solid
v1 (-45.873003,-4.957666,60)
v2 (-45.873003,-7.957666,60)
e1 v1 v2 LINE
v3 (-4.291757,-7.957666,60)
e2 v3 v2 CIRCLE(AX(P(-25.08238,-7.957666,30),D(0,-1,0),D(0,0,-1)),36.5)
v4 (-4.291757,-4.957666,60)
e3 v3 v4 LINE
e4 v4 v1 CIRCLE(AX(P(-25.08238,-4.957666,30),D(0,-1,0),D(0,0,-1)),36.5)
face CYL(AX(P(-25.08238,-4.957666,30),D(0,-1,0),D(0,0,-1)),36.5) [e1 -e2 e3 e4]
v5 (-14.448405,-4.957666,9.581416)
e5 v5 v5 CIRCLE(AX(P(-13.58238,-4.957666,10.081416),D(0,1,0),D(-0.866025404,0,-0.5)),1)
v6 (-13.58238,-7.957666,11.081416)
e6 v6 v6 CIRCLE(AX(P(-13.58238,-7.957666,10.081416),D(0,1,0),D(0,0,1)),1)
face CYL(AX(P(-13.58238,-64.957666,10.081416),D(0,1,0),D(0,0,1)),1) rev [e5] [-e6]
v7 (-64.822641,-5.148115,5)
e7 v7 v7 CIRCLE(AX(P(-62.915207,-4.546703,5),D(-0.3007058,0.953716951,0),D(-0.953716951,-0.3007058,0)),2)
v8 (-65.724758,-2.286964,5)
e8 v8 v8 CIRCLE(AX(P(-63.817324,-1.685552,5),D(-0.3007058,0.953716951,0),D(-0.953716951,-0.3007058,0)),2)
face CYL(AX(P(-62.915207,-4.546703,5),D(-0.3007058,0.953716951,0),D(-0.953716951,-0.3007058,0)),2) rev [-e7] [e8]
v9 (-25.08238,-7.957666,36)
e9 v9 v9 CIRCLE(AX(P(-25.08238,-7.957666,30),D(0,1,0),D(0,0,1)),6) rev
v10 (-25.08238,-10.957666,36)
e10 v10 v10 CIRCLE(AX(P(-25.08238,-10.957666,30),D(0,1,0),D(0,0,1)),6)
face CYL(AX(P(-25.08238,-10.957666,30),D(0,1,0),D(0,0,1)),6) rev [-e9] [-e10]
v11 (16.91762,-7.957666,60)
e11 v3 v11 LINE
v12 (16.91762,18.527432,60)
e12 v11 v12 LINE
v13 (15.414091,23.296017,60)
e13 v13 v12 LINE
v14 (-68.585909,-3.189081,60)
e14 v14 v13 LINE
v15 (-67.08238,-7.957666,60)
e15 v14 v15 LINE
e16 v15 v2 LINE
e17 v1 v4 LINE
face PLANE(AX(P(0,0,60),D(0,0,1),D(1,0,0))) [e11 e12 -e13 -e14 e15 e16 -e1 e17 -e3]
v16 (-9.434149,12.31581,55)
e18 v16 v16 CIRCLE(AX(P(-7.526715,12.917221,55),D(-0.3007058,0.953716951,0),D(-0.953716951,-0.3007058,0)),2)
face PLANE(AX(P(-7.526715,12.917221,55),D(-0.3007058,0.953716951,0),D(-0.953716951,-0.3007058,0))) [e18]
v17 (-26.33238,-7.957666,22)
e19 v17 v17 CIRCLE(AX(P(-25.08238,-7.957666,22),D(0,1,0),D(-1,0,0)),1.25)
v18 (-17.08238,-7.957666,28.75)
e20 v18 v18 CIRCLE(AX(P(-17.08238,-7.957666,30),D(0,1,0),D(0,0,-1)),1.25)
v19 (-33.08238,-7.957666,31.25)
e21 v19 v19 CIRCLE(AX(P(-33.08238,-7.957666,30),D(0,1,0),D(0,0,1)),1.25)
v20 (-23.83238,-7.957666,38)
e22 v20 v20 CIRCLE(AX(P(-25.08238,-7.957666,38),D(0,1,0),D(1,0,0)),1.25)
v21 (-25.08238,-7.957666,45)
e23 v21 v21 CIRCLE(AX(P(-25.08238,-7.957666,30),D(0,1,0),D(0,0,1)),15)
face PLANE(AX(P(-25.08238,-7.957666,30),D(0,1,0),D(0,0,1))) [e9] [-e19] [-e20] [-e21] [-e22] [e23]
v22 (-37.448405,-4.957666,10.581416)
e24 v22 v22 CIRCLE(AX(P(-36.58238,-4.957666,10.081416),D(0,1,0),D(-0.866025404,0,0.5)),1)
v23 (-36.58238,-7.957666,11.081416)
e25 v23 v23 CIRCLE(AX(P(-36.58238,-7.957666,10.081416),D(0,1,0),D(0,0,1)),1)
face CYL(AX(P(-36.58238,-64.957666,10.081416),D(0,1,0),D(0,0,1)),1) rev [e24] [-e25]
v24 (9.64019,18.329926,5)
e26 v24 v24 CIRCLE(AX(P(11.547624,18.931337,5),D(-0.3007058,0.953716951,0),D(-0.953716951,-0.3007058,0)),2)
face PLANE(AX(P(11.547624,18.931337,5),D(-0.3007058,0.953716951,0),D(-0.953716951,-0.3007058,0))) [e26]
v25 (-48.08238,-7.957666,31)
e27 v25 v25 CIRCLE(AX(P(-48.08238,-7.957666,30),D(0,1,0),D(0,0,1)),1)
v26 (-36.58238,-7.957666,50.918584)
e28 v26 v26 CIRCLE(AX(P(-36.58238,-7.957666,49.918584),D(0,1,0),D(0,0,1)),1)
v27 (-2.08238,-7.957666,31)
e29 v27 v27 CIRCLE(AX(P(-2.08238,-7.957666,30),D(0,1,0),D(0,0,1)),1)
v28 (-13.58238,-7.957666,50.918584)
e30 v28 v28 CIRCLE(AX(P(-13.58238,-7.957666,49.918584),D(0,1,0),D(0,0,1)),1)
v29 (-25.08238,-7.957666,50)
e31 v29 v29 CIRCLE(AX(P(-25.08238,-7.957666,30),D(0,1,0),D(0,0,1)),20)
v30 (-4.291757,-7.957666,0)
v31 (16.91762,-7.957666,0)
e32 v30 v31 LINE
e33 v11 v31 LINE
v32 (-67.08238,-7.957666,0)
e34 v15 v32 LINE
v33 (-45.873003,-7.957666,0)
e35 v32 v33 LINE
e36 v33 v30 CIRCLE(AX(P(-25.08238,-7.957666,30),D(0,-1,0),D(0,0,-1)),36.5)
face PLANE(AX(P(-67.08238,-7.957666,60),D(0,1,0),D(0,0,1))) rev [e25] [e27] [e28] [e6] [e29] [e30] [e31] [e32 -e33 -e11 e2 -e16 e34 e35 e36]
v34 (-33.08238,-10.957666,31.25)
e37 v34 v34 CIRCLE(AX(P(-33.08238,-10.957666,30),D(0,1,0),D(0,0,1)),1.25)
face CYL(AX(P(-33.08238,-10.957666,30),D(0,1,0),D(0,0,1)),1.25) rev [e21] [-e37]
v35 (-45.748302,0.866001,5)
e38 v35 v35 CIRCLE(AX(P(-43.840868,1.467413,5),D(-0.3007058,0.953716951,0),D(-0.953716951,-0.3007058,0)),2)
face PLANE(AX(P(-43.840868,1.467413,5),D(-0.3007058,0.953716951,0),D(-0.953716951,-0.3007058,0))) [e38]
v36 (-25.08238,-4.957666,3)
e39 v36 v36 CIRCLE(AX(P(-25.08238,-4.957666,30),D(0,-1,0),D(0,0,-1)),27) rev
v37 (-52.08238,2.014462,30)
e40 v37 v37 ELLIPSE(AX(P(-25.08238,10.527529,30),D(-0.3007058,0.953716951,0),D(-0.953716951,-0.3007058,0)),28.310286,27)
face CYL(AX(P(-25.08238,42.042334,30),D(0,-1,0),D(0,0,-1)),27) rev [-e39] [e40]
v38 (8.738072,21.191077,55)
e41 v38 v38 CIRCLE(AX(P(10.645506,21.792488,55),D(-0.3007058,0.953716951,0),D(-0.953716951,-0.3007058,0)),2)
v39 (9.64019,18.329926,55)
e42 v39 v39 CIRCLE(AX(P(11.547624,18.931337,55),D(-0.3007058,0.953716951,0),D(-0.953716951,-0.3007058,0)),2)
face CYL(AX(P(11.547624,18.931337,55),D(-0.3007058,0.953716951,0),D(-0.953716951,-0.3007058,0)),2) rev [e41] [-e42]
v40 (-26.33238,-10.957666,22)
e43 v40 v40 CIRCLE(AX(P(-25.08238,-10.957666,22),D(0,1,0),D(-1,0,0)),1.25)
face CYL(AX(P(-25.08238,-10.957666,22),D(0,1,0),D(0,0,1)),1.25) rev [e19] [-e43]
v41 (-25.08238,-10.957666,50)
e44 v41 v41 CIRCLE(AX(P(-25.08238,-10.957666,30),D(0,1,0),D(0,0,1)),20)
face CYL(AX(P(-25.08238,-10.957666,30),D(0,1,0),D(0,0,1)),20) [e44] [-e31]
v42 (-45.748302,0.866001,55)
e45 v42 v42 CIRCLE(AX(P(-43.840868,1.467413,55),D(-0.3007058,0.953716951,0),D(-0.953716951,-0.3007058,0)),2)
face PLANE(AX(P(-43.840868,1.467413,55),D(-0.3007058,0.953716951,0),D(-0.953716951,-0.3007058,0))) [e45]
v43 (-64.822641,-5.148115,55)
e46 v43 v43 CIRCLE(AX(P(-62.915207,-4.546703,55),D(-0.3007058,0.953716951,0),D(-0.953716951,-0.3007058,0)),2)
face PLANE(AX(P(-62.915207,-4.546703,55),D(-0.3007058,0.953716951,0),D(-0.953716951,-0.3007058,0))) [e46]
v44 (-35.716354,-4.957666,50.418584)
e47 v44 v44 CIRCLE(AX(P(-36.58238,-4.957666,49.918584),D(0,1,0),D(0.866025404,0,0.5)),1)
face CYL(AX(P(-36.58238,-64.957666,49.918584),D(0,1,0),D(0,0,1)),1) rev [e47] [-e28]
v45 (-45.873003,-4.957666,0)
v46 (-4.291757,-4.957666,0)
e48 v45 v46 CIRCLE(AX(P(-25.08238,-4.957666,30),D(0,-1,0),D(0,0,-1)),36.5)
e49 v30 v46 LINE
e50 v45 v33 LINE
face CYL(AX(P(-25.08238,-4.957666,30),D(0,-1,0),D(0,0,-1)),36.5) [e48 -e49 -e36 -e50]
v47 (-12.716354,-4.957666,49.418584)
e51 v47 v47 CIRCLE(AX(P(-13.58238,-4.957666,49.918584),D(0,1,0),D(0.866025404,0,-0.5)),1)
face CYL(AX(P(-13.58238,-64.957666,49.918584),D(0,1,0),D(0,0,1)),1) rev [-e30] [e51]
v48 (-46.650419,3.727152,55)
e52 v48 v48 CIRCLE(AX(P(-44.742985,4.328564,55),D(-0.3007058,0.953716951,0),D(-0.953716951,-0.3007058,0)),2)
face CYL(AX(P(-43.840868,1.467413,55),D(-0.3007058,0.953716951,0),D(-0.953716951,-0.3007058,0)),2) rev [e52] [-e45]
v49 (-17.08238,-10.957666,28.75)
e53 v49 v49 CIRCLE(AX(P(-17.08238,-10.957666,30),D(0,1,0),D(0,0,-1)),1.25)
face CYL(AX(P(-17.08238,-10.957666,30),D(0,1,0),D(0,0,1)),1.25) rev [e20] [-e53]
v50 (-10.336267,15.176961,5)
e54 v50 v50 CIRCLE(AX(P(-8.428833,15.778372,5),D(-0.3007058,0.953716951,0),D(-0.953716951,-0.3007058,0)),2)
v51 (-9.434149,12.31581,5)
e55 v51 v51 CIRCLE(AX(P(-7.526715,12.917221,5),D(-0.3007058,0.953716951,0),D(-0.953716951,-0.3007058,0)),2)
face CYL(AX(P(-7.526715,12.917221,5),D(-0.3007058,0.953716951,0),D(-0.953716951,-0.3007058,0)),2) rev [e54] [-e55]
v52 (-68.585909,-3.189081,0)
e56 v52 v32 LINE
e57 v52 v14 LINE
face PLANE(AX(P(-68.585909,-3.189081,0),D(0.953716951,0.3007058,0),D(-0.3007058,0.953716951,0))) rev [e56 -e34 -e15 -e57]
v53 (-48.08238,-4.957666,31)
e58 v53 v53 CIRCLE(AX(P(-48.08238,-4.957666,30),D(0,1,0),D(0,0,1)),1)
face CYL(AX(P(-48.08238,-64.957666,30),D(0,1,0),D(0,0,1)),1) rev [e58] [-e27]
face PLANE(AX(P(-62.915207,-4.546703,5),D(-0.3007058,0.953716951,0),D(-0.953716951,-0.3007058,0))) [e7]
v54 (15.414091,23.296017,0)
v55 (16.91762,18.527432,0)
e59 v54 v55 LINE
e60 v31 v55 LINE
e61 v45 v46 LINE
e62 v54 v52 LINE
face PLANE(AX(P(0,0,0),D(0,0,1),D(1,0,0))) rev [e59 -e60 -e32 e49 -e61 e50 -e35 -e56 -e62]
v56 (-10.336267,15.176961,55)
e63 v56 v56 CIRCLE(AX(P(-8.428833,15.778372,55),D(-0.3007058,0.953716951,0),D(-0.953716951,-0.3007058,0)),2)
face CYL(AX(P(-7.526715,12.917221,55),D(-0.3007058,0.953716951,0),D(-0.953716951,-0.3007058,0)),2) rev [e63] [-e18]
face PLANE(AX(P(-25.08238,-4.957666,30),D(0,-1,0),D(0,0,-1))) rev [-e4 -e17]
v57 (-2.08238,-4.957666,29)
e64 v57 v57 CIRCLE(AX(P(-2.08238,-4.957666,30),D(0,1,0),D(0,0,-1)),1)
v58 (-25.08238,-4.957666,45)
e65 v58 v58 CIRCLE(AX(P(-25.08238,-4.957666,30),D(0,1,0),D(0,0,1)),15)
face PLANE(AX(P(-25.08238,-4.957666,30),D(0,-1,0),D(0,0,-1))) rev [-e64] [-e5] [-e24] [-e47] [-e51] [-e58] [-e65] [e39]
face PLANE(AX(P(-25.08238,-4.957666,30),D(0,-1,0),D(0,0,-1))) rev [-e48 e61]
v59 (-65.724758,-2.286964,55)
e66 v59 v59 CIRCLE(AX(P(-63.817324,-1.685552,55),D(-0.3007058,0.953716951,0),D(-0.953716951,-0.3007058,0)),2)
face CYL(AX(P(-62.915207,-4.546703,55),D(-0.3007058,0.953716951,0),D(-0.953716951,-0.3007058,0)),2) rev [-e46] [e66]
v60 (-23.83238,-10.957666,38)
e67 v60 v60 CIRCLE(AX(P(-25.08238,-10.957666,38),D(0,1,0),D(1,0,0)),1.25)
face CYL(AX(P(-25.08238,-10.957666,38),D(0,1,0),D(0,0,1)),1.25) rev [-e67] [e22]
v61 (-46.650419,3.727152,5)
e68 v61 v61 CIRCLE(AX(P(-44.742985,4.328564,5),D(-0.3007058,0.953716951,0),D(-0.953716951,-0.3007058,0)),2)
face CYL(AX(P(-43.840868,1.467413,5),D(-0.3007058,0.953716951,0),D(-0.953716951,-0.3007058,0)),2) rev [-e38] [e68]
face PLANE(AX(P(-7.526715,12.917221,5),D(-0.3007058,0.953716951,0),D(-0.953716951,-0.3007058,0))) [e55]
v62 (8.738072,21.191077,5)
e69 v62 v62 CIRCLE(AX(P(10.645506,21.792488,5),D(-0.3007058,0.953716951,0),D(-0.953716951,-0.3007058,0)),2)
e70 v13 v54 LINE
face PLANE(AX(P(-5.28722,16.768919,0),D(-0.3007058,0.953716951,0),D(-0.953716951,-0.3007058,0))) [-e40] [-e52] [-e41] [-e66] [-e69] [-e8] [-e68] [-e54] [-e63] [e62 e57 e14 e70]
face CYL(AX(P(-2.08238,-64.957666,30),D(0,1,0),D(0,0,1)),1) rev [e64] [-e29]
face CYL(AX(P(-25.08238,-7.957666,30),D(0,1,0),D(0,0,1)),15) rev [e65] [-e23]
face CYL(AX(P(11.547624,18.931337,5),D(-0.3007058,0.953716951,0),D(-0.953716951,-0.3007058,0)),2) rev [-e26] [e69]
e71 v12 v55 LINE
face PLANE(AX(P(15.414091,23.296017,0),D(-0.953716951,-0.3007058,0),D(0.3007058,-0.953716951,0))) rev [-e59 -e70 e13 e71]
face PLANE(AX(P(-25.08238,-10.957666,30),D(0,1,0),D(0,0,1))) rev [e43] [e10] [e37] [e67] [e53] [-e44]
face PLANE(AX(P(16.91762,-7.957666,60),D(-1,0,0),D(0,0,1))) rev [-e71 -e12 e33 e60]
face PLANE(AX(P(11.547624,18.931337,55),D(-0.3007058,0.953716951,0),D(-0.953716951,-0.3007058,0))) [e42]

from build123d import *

# Parameters (mm, degrees)
EXTRUDE_1_DEPTH          = 60
SKETCH_2_W               = 88.076446511
SKETCH_2_H               = 60
EXTRUDE_2_DEPTH          = 5
SKETCH_3_R               = 27
CUT_EXTRUDE_1_DEPTH      = 50
SKETCH_4_R               = 36.5
EXTRUDE_3_DEPTH          = 3
SKETCH_13_R              = 20
CUT_EXTRUDE_3_DEPTH      = 60
SKETCH_14_R              = 1
CUT_EXTRUDE_4_DEPTH      = 60
PATTERN_CIRCULAR_1_COUNT = 6
SKETCH_16_R              = 2
CUT_EXTRUDE_5_DEPTH      = 3
PATTERN_LINEAR_1_COUNT   = 2
PATTERN_LINEAR_1_PITCH   = 20
SKETCH_17_R              = 2
CUT_EXTRUDE_6_DEPTH      = 3
PATTERN_LINEAR_2_COUNT   = 2
PATTERN_LINEAR_2_PITCH   = 20
SKETCH_18_R              = 20
EXTRUDE_4_DEPTH          = 6
SKETCH_19_R              = 6
CUT_EXTRUDE_7_DEPTH      = 6
SKETCH_20_R              = 15
CUT_EXTRUDE_8_DEPTH      = 3
SKETCH_21_R              = 1.25
CUT_EXTRUDE_9_DEPTH      = 3
PATTERN_CIRCULAR_2_COUNT = 4


with BuildPart() as part:
    # 草图1 → 凸台-拉伸1 (new body)
    with BuildSketch(Plane.XY):
        Polygon((-67.082379863, -7.957665904), (16.917620137, -7.957665904), (16.917620137, 18.527432362), align=None)
    extrude(amount=EXTRUDE_1_DEPTH)

    # 草图2 → 凸台-拉伸2 (add)
    with BuildSketch(Plane(origin=(-3.783690806, 12.000334093, 0), x_dir=(0.9537169507482267, 0.30070579950427384, 0), z_dir=(-0.30070579950427384, 0.9537169507482267, 0))):
        with Locations((-22.332295804, -30)):
            Rectangle(SKETCH_2_W, SKETCH_2_H)
    extrude(amount=EXTRUDE_2_DEPTH)

    # 草图3 → 切除-拉伸1 (cut)
    with BuildSketch(Plane(origin=(0, -7.957665904, 0), x_dir=(-1, 0, 0), z_dir=(0, -1, 0))):
        with Locations(Location((25.082379863, -30, 0), (0, 0, 90))):
            Circle(SKETCH_3_R)
    extrude(amount=-CUT_EXTRUDE_1_DEPTH, mode=Mode.SUBTRACT)

    # 草图4 → 凸台-拉伸3 (add)
    with BuildSketch(Plane(origin=(0, -7.957665904, 0), x_dir=(-1, 0, 0), z_dir=(0, -1, 0))):
        with Locations((25.082379863, -30)):
            Circle(SKETCH_4_R)
    extrude(amount=-EXTRUDE_3_DEPTH)

    # 草图13 → 切除-拉伸3 (cut)
    with BuildSketch(Plane(origin=(0, -4.957665904, 0), x_dir=(1, 0, 0), z_dir=(0, 1, 0))):
        with Locations(Location((-25.082379863, -30, 0), (0, 0, 270))):
            Circle(SKETCH_13_R)
    extrude(amount=-CUT_EXTRUDE_3_DEPTH, mode=Mode.SUBTRACT)

    # 草图14 → 切除-拉伸4 (cut)
    with BuildSketch(Plane(origin=(0, -4.957665904, 0), x_dir=(1, 0, 0), z_dir=(0, 1, 0))):
        with Locations(Location((-48.082379863, -30, 0), (0, 0, 270))):
            Circle(SKETCH_14_R)
    cut_extrude_4 = extrude(amount=-CUT_EXTRUDE_4_DEPTH, mode=Mode.SUBTRACT)

    # 阵列(圆周)1: 切除-拉伸4 ×6 about axis
    pattern_circular_1_axis = Axis((-25.082379863, 0, 30), (0, 1, 0))
    for i in range(1, PATTERN_CIRCULAR_1_COUNT):
        add(cut_extrude_4.rotate(pattern_circular_1_axis, i * 360 / PATTERN_CIRCULAR_1_COUNT), mode=Mode.SUBTRACT)

    # 草图16 → 切除-拉伸5 (cut)
    with BuildSketch(Plane(origin=(-5.287219803, 16.768918847, 0), x_dir=(0.9537169507482267, 0.3007057995042738, 0), z_dir=(-0.3007057995042738, 0.9537169507482267, 0))):
        with Locations(Location((-61.370519059, -5, 0), (0, 0, 180))):
            Circle(SKETCH_16_R)
        with Locations(Location((-61.370519059, -55, 0), (0, 0, 180))):
            Circle(SKETCH_16_R)
    cut_extrude_5 = extrude(amount=-CUT_EXTRUDE_5_DEPTH, mode=Mode.SUBTRACT)

    # 阵列(线性)1: 切除-拉伸5 ×2
    with Locations(*[Vector(0.9537169507482268, 0.3007057995042739, 0) * (i * PATTERN_LINEAR_1_PITCH) for i in range(1, PATTERN_LINEAR_1_COUNT)]):
        add(cut_extrude_5, mode=Mode.SUBTRACT)

    # 草图17 → 切除-拉伸6 (cut)
    with BuildSketch(Plane(origin=(-5.287219803, 16.768918847, 0), x_dir=(0.9537169507482267, 0.3007057995042738, 0), z_dir=(-0.3007057995042738, 0.9537169507482267, 0))):
        with Locations(Location((16.705927452, -55, 0), (0, 0, 180))):
            Circle(SKETCH_17_R)
        with Locations(Location((16.705927452, -5, 0), (0, 0, 180))):
            Circle(SKETCH_17_R)
    cut_extrude_6 = extrude(amount=-CUT_EXTRUDE_6_DEPTH, mode=Mode.SUBTRACT)

    # 阵列(线性)2: 切除-拉伸6 ×2
    with Locations(*[Vector(-0.9537169507482268, -0.30070579950427384, 0) * (i * PATTERN_LINEAR_2_PITCH) for i in range(1, PATTERN_LINEAR_2_COUNT)]):
        add(cut_extrude_6, mode=Mode.SUBTRACT)

    # 草图18 → 凸台-拉伸4 (add)
    with BuildSketch(Plane(origin=(0, -4.957665904, 0), x_dir=(1, 0, 0), z_dir=(0, 1, 0))):
        with Locations(Location((-25.082379863, -30, 0), (0, 0, 270))):
            Circle(SKETCH_18_R)
    extrude(amount=-EXTRUDE_4_DEPTH)

    # 草图19 → 切除-拉伸7 (cut)
    with BuildSketch(Plane(origin=(0, -4.957665904, 0), x_dir=(1, 0, 0), z_dir=(0, 1, 0))):
        with Locations(Location((-25.082379863, -30, 0), (0, 0, 270))):
            Circle(SKETCH_19_R)
    extrude(amount=-CUT_EXTRUDE_7_DEPTH, mode=Mode.SUBTRACT)

    # 草图20 → 切除-拉伸8 (cut)
    with BuildSketch(Plane(origin=(0, -4.957665904, 0), x_dir=(1, 0, 0), z_dir=(0, 1, 0))):
        with Locations(Location((-25.082379863, -30, 0), (0, 0, 270))):
            Circle(SKETCH_20_R)
    extrude(amount=-CUT_EXTRUDE_8_DEPTH, mode=Mode.SUBTRACT)

    # 草图21 → 切除-拉伸9 (cut)
    with BuildSketch(Plane(origin=(0, -7.957665904, 0), x_dir=(1, 0, 0), z_dir=(0, 1, 0))):
        with Locations(Location((-33.082379863, -30, 0), (0, 0, 270))):
            Circle(SKETCH_21_R)
    cut_extrude_9 = extrude(amount=-CUT_EXTRUDE_9_DEPTH, mode=Mode.SUBTRACT)

    # 阵列(圆周)2: 切除-拉伸9 ×4 about axis
    pattern_circular_2_axis = Axis((-25.082379863, 0, 30), (0, 1, 0))
    for i in range(1, PATTERN_CIRCULAR_2_COUNT):
        add(cut_extrude_9.rotate(pattern_circular_2_axis, i * 360 / PATTERN_CIRCULAR_2_COUNT), mode=Mode.SUBTRACT)


solid = part.part
